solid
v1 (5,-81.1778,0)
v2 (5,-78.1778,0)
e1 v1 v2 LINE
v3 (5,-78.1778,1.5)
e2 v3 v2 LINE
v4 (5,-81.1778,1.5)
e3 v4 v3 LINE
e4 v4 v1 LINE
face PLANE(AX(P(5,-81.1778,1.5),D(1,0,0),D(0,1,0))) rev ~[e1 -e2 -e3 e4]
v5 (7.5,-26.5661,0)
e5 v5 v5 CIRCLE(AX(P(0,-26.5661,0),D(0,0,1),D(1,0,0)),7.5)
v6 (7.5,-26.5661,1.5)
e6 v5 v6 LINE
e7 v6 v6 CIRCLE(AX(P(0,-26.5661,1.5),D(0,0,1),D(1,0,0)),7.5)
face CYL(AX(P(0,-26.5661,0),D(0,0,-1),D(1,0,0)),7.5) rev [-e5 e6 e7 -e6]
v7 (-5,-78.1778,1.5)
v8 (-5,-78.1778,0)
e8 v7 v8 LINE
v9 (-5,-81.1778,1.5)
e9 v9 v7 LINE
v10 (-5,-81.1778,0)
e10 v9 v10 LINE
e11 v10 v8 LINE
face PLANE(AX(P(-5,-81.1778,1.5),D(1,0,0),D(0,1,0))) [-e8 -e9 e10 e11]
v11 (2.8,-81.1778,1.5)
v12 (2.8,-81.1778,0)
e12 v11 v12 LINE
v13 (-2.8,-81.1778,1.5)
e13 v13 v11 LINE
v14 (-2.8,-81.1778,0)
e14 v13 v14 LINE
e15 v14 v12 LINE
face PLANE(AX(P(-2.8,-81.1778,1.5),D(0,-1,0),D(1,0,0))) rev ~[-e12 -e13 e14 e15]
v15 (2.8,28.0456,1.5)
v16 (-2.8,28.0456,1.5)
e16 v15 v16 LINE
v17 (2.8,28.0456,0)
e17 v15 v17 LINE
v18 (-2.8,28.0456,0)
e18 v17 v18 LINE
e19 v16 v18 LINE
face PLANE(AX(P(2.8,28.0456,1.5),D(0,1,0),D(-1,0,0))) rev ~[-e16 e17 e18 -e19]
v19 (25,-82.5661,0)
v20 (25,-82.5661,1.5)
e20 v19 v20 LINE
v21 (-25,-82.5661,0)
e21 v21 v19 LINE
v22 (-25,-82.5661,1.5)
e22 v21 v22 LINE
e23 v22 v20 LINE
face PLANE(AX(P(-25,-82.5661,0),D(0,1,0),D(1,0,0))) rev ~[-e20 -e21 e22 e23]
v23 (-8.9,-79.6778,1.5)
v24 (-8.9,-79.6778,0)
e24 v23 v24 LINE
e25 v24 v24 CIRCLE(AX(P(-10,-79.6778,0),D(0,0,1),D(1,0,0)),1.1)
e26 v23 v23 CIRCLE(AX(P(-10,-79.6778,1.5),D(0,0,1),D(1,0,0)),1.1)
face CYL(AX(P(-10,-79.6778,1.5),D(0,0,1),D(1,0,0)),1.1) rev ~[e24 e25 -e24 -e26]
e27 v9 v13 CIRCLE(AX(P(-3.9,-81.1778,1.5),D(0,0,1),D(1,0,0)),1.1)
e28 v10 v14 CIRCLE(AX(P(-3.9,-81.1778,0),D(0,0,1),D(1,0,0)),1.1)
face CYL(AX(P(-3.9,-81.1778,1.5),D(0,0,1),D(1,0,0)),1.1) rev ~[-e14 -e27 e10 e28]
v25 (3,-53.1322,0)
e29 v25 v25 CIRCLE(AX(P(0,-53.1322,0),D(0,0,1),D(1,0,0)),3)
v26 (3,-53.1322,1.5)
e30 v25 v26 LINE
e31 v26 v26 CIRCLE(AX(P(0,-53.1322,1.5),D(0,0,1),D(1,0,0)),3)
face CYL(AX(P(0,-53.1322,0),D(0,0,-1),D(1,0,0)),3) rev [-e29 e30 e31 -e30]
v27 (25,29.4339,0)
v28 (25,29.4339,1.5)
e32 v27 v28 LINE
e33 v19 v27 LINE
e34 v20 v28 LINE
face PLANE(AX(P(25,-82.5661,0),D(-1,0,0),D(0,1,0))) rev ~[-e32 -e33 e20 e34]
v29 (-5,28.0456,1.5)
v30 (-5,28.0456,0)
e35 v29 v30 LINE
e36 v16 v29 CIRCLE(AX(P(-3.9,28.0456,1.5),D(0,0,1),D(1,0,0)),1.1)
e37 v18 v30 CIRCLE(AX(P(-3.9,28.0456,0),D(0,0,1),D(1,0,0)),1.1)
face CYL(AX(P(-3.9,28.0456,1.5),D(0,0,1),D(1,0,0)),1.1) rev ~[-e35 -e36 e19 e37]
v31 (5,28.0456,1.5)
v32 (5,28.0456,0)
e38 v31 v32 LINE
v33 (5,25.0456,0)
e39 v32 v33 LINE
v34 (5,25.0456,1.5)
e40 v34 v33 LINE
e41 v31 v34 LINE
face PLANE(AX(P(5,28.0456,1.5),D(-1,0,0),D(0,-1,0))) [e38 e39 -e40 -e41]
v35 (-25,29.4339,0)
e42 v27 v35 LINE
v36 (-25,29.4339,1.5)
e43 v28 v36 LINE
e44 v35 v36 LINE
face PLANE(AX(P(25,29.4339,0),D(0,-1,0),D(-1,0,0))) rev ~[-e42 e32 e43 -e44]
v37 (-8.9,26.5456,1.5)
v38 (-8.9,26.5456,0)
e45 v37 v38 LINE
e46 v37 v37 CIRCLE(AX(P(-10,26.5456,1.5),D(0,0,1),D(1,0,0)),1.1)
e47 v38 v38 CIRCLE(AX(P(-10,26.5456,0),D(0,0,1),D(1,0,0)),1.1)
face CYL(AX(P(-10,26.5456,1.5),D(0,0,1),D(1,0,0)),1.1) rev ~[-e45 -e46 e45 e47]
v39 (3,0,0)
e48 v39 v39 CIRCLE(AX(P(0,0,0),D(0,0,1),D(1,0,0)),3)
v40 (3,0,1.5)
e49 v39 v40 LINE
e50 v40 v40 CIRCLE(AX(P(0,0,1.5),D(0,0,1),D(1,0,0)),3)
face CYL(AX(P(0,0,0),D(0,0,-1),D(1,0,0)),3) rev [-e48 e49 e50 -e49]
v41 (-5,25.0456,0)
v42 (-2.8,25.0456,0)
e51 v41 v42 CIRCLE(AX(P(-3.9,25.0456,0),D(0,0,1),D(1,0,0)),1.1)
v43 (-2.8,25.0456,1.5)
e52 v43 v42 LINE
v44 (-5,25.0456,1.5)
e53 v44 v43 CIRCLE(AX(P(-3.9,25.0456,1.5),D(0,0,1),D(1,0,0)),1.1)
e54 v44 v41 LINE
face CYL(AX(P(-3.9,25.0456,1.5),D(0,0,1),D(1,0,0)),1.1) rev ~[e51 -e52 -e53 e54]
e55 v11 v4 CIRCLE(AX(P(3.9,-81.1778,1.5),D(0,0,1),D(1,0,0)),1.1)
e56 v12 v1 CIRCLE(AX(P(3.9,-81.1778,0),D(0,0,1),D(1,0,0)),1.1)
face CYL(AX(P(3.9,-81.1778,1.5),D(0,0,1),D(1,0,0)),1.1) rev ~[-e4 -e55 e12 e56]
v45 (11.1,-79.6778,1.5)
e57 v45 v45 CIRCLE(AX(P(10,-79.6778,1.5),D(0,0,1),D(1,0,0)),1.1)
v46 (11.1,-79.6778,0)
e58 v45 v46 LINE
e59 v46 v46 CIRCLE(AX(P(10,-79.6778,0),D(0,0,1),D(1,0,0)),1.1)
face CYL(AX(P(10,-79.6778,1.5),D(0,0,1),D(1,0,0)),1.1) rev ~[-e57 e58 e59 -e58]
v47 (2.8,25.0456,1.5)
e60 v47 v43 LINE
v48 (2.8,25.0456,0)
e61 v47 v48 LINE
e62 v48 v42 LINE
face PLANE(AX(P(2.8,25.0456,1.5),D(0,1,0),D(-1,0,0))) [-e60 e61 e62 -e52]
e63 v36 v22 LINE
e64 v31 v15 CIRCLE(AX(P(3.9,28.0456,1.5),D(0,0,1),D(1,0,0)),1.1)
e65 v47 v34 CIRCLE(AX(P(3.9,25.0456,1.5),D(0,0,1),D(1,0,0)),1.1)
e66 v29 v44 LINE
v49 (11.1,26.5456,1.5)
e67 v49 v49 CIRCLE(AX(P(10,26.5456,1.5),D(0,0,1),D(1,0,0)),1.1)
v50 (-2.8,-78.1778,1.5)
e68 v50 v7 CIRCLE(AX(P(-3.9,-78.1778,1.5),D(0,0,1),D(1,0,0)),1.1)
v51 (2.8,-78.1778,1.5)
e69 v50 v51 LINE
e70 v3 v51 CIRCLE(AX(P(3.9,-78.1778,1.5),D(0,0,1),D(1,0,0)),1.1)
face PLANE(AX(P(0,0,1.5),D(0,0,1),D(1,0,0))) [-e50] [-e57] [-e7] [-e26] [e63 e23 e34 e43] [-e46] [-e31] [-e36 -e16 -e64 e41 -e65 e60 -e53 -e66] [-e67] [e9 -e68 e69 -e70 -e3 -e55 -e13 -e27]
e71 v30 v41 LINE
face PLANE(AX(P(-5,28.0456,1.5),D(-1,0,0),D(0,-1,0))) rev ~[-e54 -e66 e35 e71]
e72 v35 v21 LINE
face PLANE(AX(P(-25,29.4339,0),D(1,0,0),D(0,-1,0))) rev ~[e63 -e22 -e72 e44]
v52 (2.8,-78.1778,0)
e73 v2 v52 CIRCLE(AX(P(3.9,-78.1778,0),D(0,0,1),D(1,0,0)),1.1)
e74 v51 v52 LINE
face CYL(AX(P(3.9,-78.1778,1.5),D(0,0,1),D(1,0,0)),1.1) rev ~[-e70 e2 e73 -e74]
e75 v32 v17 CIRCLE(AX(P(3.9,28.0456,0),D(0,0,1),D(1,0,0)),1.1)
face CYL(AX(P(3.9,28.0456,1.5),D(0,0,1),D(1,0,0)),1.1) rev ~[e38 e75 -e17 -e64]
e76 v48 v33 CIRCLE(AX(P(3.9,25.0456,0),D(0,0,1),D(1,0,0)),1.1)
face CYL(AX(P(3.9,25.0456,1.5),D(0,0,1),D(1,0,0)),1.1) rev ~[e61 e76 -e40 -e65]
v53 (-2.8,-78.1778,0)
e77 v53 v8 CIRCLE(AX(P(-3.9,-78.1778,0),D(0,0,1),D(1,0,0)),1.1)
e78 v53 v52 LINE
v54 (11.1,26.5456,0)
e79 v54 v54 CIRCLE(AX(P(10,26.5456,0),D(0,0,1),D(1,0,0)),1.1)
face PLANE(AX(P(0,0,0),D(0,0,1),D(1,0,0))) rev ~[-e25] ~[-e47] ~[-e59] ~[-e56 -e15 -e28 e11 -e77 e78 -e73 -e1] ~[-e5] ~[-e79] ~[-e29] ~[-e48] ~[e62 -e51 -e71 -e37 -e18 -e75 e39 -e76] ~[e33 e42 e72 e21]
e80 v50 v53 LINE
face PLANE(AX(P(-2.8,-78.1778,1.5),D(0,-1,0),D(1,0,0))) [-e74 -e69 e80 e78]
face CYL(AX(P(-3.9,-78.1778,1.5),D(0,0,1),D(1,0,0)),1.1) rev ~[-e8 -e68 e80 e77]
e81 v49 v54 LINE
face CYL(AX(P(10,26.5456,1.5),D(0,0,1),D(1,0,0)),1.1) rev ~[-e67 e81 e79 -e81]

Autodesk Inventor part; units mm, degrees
ref_plane "YZ Plane" through (0, 0, 0) normal (1, 0, 0) x (0, 1, 0)
ref_plane "XZ Plane" through (0, 0, 0) normal (0, 1, 0) x (-1, 0, 0)
ref_plane "XY Plane" through (0, 0, 0) normal (0, 0, 1) x (1, 0, 0)
sketch "スケッチ1" plane through (0, 0, 0) normal (0, 0, 1) x (1, 0, 0)
  circle A0 centre (0, 0) radius 1.75 projected
  circle A1 centre (0, 0) radius 3
  circle A2 centre (0, -53.1322) radius 1.75 projected
  circle A3 centre (0, -53.1322) radius 3
  line L0 (0, 0) -> (0, -53.1322) construction
  circle A4 centre (0, -26.5661) radius 7.5
  line L1 (25, 29.4339) -> (-25, 29.4339)
  line L2 (-25, 29.4339) -> (-25, -82.5661)
  line L3 (-25, -82.5661) -> (25, -82.5661)
  line L4 (25, -82.5661) -> (25, 29.4339)
  line L5 (25, 29.4339) -> (-25, -82.5661) construction
  line L6 (-25, 29.4339) -> (25, -82.5661) construction
  line L7 (25, -26.5661) -> (0, -26.5661) construction
  circle A5 centre (-10, -79.6778) radius 0.7835 projected
  point P0 (0, 0)
  point P1 (5, 29.4339)
  point P2 (-5, 29.4339)
  dimension "d0" = 6
  dimension "d1" = 6
  dimension "d2" = 15
  dimension "d4" = 50
  dimension "d14" = 112
extrude "押し出し1" add sketch "スケッチ1" along normal blind 1.5 contours L4 L3 L2 L1 | A5
sketch "スケッチ2" plane through (0, 0, 1.5) normal (0, 0, 1) x (1, 0, 0)
  line L0 (-5, -78.1778) -> (5, -78.1778) projected
  line L1 (-5, -81.1778) -> (5, -81.1778) projected
  line L2 (-5, -81.1778) -> (-5, -78.1778) projected
  line L3 (5, -81.1778) -> (5, -78.1778) projected
  circle A0 centre (-10, -79.6778) radius 0.7835 projected
  circle A1 centre (10, -79.6778) radius 0.7835 projected
  line L4 (5, 25.0456) -> (-5, 25.0456) projected
  line L5 (5, 28.0456) -> (-5, 28.0456) projected
  line L6 (-5, 28.0456) -> (-5, 25.0456) projected
  line L7 (5, 28.0456) -> (5, 25.0456) projected
  circle A2 centre (-10, 26.5456) radius 0.7835 projected
  circle A3 centre (10, 26.5456) radius 0.7835 projected
  circle A4 centre (3.9, -78.1778) radius 1.1
  line L8 (0, -78.1778) -> (0, -81.1778) construction
  line L9 (0, -79.6778) -> (-5, -79.6778) construction
  circle A5 centre (3.9, -81.1778) radius 1.1
  circle A6 centre (-3.9, -78.1778) radius 1.1
  circle A7 centre (-3.9, -81.1778) radius 1.1
  line L10 (-25, 29.4339) -> (-25, -82.5661) construction
  line L11 (-25, -26.5661) -> (25, -26.5661) construction
  line L12 (25, -82.5661) -> (25, 29.4339) construction
  circle A8 centre (3.9, 25.0456) radius 1.1
  circle A9 centre (3.9, 28.0456) radius 1.1
  circle A10 centre (-3.9, 28.0456) radius 1.1
  circle A11 centre (-3.9, 25.0456) radius 1.1
  circle A12 centre (-10, -79.6778) radius 1.1
  circle A13 centre (10, -79.6778) radius 1.1
  circle A14 centre (-10, 26.5456) radius 1.1
  circle A15 centre (10, 26.5456) radius 1.1
  point P0 (0, 0)
  point P1 (2.8, 25.0456)
  point P2 (-2.8, 25.0456)
  point P3 (-2.8, 28.0456)
  point P4 (2.8, -81.1778)
  point P5 (2.8, -78.1778)
  point P6 (-2.8, -81.1778)
  point P7 (-2.8, -78.1778)
  point P8 (2.8, 28.0456)
  dimension "d17" = 2.2
  dimension "d18" = 2.2
  dimension "d19" = 2.2
  dimension "d20" = 2.2
  dimension "d21" = 2.2
extrude "押し出し2" cut sketch "スケッチ2" against normal through all contours A6 L0 | A6 L0 A4 L3 A5 L1 A7 L2 | L0 A6 | A7 L1 | L1 A7 | A4 L0 | L0 A4 | A5 L1 | L1 A5 | A0 | A1 | A11 L4 | A11 L6 A10 L5 A9 L7 A8 L4 | L4 A11 | A8 L4 | L4 A8 | A10 L5 | L5 A10 | A9 L5 | L5 A9 | A2 | A3 | A12 | A13 | A14 | A15
properties part number "kosisita"
